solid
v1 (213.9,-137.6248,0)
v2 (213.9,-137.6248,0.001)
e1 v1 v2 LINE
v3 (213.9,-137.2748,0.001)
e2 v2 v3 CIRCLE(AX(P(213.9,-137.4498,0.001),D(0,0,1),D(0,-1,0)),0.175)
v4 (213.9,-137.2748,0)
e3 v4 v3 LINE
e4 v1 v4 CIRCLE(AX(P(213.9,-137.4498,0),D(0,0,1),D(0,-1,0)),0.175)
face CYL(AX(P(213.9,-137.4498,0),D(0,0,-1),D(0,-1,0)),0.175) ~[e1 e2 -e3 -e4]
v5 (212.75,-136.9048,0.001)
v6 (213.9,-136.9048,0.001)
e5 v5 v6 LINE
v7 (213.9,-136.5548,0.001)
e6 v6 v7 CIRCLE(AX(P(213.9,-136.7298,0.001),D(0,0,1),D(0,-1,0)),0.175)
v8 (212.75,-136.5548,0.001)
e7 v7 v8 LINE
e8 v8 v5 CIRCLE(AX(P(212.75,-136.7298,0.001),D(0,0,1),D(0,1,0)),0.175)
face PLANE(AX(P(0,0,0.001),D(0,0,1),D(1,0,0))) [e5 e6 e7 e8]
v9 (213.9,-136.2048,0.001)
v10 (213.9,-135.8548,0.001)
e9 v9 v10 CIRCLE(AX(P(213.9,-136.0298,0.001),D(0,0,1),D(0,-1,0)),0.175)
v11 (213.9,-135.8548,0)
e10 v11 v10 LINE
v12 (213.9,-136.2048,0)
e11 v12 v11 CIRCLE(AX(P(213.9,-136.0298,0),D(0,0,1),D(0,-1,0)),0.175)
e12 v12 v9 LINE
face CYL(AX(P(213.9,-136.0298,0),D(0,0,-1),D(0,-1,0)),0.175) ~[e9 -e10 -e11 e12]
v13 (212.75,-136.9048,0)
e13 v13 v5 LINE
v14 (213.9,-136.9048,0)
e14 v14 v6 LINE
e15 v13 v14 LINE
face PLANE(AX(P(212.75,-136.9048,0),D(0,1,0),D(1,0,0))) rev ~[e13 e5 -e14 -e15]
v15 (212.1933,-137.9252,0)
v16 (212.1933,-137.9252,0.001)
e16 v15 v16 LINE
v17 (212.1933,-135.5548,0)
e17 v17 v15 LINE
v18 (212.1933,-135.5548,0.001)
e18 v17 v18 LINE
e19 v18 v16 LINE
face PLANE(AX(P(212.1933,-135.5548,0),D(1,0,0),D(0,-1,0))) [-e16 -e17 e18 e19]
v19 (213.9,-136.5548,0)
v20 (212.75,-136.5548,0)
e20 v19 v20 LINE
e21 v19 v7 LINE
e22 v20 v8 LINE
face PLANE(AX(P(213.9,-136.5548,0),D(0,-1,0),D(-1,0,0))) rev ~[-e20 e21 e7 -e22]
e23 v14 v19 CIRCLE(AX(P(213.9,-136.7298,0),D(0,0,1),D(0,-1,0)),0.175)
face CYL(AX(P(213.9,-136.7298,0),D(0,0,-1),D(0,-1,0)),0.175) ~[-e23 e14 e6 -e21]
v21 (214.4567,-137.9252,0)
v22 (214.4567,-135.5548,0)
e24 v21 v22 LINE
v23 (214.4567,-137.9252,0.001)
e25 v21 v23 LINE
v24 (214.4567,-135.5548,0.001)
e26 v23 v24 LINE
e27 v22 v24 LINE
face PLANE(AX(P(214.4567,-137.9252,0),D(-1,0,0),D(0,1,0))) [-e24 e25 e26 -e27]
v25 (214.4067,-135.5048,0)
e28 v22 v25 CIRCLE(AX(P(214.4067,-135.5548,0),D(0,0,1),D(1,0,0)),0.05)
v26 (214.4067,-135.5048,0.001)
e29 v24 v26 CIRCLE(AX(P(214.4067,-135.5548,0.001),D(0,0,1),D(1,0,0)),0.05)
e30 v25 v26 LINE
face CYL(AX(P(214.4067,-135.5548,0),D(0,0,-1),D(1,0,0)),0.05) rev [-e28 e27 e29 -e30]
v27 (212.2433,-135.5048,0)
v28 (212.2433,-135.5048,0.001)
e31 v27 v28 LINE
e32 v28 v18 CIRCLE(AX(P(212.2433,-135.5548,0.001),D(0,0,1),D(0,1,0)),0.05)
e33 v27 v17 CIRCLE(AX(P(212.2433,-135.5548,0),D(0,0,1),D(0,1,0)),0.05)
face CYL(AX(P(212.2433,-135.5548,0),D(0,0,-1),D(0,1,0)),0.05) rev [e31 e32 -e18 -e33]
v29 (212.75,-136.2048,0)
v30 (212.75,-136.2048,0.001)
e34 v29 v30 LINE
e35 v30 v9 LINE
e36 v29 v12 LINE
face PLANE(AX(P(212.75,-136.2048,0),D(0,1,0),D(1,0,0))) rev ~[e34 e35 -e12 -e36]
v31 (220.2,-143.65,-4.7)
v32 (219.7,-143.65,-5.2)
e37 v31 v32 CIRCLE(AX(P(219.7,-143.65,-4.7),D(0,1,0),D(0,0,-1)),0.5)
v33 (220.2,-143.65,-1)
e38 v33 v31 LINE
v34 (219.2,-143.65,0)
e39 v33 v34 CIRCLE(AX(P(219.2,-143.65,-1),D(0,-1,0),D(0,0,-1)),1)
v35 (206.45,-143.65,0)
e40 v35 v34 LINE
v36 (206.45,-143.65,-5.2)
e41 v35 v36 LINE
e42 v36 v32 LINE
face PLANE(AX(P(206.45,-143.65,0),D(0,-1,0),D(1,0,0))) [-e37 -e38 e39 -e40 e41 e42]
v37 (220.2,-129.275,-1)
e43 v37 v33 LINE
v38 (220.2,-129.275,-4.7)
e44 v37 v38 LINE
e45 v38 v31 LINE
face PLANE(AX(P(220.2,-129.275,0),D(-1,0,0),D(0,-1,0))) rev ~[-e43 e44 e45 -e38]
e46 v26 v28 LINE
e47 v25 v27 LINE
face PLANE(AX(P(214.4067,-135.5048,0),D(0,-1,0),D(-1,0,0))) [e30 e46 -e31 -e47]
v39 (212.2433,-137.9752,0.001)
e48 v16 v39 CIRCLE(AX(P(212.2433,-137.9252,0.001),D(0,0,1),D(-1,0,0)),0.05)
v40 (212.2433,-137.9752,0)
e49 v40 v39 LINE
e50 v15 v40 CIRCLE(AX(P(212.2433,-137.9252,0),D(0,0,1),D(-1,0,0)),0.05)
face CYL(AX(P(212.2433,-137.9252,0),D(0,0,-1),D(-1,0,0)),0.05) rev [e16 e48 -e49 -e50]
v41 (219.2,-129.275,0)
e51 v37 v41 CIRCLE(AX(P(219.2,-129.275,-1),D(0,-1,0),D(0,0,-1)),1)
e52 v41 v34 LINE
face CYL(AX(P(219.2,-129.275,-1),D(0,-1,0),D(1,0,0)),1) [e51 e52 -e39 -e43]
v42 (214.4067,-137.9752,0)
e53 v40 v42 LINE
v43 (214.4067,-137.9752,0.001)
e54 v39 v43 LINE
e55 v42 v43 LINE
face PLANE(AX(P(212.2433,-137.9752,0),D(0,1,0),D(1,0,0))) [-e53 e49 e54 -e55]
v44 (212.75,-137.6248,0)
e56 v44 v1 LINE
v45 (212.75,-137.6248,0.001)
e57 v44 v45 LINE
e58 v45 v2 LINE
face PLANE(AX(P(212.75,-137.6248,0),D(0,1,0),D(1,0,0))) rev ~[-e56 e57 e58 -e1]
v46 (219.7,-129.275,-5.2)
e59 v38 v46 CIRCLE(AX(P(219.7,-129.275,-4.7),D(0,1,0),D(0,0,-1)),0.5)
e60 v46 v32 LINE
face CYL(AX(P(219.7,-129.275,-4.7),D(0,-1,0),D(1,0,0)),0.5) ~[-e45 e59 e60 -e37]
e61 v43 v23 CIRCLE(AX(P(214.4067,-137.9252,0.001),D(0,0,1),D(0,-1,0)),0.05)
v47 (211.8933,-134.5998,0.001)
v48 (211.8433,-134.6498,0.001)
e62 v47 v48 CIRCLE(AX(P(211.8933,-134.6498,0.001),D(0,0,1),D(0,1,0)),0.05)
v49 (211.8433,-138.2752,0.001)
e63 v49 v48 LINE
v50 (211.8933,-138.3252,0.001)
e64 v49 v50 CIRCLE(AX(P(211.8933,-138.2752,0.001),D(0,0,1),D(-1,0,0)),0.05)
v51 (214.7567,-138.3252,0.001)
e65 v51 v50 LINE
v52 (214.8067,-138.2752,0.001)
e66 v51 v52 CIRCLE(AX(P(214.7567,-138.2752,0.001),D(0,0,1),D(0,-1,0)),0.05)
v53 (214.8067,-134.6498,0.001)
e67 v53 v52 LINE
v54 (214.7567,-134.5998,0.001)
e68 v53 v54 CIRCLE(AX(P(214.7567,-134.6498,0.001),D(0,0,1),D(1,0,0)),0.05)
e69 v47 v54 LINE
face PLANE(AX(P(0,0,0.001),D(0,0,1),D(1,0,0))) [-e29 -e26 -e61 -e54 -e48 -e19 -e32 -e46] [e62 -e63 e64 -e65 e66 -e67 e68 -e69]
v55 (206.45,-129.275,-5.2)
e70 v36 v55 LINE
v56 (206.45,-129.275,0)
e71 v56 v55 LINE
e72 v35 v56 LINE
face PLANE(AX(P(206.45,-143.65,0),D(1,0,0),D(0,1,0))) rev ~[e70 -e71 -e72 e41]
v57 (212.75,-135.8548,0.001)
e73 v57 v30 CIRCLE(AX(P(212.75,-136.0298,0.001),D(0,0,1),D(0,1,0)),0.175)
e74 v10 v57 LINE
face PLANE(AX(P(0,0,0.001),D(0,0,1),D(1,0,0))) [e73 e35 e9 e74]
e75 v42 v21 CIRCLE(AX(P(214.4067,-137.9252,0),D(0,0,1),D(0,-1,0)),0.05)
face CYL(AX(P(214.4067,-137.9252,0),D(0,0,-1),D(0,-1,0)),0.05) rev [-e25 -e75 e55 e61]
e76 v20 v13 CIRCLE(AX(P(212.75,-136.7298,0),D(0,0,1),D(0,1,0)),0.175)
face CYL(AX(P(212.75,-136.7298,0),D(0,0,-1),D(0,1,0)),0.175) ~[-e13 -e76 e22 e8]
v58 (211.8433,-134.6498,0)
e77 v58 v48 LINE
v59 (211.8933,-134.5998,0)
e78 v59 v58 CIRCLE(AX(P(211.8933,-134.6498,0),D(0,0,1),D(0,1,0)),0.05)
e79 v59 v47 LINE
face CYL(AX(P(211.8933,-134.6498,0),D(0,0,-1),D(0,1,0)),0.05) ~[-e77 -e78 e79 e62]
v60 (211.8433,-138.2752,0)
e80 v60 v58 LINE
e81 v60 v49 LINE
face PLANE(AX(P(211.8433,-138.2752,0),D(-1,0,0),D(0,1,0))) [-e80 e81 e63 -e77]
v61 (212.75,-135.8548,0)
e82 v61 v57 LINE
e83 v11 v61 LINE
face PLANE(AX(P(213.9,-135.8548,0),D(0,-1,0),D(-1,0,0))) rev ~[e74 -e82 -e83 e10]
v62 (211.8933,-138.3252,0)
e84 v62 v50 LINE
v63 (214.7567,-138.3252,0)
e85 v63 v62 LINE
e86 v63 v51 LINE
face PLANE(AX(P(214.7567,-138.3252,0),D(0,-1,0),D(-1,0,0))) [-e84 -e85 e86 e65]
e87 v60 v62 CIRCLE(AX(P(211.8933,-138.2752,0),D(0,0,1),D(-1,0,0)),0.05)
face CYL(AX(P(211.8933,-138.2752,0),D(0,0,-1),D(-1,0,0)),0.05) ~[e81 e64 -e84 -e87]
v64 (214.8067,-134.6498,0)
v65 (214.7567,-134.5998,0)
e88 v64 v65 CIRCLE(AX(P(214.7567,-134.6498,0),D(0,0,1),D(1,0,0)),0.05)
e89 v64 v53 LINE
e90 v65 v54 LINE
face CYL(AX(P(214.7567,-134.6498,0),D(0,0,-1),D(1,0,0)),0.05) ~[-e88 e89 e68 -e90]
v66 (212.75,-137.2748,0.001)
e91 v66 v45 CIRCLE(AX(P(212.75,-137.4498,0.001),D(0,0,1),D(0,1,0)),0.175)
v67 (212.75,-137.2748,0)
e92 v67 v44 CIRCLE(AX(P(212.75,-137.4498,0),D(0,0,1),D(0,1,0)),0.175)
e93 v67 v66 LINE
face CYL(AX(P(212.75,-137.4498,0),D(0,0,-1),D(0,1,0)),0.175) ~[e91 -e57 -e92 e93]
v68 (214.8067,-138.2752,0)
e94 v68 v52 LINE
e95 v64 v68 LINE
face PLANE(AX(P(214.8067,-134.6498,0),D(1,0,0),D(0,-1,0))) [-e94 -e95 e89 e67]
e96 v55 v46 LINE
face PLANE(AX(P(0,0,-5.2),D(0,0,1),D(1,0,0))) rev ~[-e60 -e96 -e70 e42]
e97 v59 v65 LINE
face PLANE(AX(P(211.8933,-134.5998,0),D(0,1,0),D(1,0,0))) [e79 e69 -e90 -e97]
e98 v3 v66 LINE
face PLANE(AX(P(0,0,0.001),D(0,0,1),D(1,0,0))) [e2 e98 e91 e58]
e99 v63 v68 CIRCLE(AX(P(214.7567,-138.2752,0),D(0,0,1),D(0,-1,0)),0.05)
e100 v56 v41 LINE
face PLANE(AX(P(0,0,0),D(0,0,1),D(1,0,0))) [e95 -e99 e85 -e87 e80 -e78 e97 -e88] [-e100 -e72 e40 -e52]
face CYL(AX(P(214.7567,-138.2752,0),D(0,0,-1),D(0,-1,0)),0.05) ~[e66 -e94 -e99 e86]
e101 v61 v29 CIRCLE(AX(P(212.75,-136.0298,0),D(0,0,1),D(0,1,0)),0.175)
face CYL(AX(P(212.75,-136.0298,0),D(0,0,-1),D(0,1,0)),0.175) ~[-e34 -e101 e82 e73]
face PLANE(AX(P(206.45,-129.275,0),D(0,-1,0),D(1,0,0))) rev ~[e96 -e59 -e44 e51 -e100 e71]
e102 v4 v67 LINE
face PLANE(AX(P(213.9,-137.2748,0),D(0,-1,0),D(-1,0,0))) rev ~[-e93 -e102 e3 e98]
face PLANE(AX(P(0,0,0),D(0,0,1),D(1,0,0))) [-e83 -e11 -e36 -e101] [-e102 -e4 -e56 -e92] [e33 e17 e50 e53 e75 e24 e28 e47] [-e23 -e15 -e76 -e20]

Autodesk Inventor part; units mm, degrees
ref_plane "YZ Plane" through (0, 0, 0) normal (1, 0, 0) x (0, 1, 0)
ref_plane "XZ Plane" through (0, 0, 0) normal (0, 1, 0) x (-1, 0, 0)
ref_plane "XY Plane" through (0, 0, 0) normal (0, 0, 1) x (1, 0, 0)
sketch "Szkic1" plane through (0, 0, 0) normal (0, 0, 1) x (1, 0, 0)
  line L0 (206.45, -143.65) -> (206.45, -129.275)
  line L1 (206.45, -129.275) -> (220.2, -129.275)
  line L2 (206.45, -143.65) -> (220.2, -143.65)
  line L3 (220.2, -129.275) -> (220.2, -143.65)
extrude "Wyciągnięcie proste1" add sketch "Szkic1" against normal blind 5.2
fillet "Zaokrąglenie1" radius 0.5 1 edges at (220.2, -136.4625, -5.2)
fillet "Zaokrąglenie2" radius 1 1 edges at (220.2, -136.4625, 0)
sketch "Szkic6" plane through (0, 0, 0) normal (0, 0, 1) x (1, 0, 0)
  line L0 (211.8933, -134.5998) -> (214.7567, -134.5998)
  line L1 (214.8067, -134.6498) -> (214.8067, -138.2752)
  line L2 (214.7567, -138.3252) -> (211.8933, -138.3252)
  line L3 (211.8433, -138.2752) -> (211.8433, -134.6498)
  line L4 (212.2433, -137.9752) -> (214.4067, -137.9752)
  line L5 (214.4567, -137.9252) -> (214.4567, -135.5548)
  line L6 (212.1933, -135.5548) -> (212.1933, -137.9252)
  line L7 (214.4067, -135.5048) -> (212.2433, -135.5048)
  line L8 (212.75, -137.6248) -> (213.9, -137.6248)
  line L9 (213.9, -137.2748) -> (212.75, -137.2748)
  arc A0 (212.75, -137.2748) -> (212.75, -137.6248) centre (212.75, -137.4498) ccw
  arc A1 (213.9, -137.6248) -> (213.9, -137.2748) centre (213.9, -137.4498) ccw
  line L10 (212.75, -136.9048) -> (213.9, -136.9048)
  line L11 (213.9, -136.5548) -> (212.75, -136.5548)
  arc A2 (212.75, -136.5548) -> (212.75, -136.9048) centre (212.75, -136.7298) ccw
  arc A3 (213.9, -136.9048) -> (213.9, -136.5548) centre (213.9, -136.7298) ccw
  line L12 (212.75, -136.2048) -> (213.9, -136.2048)
  line L13 (213.9, -135.8548) -> (212.75, -135.8548)
  arc A4 (212.75, -135.8548) -> (212.75, -136.2048) centre (212.75, -136.0298) ccw
  arc A5 (213.9, -136.2048) -> (213.9, -135.8548) centre (213.9, -136.0298) ccw
  arc A6 (214.8067, -134.6498) -> (214.7567, -134.5998) centre (214.7567, -134.6498) ccw
  arc A7 (214.7567, -138.3252) -> (214.8067, -138.2752) centre (214.7567, -138.2752) ccw
  arc A8 (211.8933, -134.5998) -> (211.8433, -134.6498) centre (211.8933, -134.6498) ccw
  arc A9 (211.8433, -138.2752) -> (211.8933, -138.3252) centre (211.8933, -138.2752) ccw
  arc A10 (212.1933, -137.9252) -> (212.2433, -137.9752) centre (212.2433, -137.9252) ccw
  arc A11 (212.2433, -135.5048) -> (212.1933, -135.5548) centre (212.2433, -135.5548) ccw
  arc A12 (214.4567, -135.5548) -> (214.4067, -135.5048) centre (214.4067, -135.5548) ccw
  arc A13 (214.4067, -137.9752) -> (214.4567, -137.9252) centre (214.4067, -137.9252) ccw
  point P0 (213.325, -137.4498)
  point P1 (213.325, -136.7298)
  point P2 (213.325, -137.4498)
  point P3 (213.325, -136.7298)
  point P4 (213.325, -136.0298)
  dimension "d80" = 0.175
extrude "Wyciągnięcie proste5" add sketch "Szkic6" along normal blind 0.001
properties part number "PRZYCISK IO" material "Tworzywo sztuczne, nieprzezroczyste czarne"
